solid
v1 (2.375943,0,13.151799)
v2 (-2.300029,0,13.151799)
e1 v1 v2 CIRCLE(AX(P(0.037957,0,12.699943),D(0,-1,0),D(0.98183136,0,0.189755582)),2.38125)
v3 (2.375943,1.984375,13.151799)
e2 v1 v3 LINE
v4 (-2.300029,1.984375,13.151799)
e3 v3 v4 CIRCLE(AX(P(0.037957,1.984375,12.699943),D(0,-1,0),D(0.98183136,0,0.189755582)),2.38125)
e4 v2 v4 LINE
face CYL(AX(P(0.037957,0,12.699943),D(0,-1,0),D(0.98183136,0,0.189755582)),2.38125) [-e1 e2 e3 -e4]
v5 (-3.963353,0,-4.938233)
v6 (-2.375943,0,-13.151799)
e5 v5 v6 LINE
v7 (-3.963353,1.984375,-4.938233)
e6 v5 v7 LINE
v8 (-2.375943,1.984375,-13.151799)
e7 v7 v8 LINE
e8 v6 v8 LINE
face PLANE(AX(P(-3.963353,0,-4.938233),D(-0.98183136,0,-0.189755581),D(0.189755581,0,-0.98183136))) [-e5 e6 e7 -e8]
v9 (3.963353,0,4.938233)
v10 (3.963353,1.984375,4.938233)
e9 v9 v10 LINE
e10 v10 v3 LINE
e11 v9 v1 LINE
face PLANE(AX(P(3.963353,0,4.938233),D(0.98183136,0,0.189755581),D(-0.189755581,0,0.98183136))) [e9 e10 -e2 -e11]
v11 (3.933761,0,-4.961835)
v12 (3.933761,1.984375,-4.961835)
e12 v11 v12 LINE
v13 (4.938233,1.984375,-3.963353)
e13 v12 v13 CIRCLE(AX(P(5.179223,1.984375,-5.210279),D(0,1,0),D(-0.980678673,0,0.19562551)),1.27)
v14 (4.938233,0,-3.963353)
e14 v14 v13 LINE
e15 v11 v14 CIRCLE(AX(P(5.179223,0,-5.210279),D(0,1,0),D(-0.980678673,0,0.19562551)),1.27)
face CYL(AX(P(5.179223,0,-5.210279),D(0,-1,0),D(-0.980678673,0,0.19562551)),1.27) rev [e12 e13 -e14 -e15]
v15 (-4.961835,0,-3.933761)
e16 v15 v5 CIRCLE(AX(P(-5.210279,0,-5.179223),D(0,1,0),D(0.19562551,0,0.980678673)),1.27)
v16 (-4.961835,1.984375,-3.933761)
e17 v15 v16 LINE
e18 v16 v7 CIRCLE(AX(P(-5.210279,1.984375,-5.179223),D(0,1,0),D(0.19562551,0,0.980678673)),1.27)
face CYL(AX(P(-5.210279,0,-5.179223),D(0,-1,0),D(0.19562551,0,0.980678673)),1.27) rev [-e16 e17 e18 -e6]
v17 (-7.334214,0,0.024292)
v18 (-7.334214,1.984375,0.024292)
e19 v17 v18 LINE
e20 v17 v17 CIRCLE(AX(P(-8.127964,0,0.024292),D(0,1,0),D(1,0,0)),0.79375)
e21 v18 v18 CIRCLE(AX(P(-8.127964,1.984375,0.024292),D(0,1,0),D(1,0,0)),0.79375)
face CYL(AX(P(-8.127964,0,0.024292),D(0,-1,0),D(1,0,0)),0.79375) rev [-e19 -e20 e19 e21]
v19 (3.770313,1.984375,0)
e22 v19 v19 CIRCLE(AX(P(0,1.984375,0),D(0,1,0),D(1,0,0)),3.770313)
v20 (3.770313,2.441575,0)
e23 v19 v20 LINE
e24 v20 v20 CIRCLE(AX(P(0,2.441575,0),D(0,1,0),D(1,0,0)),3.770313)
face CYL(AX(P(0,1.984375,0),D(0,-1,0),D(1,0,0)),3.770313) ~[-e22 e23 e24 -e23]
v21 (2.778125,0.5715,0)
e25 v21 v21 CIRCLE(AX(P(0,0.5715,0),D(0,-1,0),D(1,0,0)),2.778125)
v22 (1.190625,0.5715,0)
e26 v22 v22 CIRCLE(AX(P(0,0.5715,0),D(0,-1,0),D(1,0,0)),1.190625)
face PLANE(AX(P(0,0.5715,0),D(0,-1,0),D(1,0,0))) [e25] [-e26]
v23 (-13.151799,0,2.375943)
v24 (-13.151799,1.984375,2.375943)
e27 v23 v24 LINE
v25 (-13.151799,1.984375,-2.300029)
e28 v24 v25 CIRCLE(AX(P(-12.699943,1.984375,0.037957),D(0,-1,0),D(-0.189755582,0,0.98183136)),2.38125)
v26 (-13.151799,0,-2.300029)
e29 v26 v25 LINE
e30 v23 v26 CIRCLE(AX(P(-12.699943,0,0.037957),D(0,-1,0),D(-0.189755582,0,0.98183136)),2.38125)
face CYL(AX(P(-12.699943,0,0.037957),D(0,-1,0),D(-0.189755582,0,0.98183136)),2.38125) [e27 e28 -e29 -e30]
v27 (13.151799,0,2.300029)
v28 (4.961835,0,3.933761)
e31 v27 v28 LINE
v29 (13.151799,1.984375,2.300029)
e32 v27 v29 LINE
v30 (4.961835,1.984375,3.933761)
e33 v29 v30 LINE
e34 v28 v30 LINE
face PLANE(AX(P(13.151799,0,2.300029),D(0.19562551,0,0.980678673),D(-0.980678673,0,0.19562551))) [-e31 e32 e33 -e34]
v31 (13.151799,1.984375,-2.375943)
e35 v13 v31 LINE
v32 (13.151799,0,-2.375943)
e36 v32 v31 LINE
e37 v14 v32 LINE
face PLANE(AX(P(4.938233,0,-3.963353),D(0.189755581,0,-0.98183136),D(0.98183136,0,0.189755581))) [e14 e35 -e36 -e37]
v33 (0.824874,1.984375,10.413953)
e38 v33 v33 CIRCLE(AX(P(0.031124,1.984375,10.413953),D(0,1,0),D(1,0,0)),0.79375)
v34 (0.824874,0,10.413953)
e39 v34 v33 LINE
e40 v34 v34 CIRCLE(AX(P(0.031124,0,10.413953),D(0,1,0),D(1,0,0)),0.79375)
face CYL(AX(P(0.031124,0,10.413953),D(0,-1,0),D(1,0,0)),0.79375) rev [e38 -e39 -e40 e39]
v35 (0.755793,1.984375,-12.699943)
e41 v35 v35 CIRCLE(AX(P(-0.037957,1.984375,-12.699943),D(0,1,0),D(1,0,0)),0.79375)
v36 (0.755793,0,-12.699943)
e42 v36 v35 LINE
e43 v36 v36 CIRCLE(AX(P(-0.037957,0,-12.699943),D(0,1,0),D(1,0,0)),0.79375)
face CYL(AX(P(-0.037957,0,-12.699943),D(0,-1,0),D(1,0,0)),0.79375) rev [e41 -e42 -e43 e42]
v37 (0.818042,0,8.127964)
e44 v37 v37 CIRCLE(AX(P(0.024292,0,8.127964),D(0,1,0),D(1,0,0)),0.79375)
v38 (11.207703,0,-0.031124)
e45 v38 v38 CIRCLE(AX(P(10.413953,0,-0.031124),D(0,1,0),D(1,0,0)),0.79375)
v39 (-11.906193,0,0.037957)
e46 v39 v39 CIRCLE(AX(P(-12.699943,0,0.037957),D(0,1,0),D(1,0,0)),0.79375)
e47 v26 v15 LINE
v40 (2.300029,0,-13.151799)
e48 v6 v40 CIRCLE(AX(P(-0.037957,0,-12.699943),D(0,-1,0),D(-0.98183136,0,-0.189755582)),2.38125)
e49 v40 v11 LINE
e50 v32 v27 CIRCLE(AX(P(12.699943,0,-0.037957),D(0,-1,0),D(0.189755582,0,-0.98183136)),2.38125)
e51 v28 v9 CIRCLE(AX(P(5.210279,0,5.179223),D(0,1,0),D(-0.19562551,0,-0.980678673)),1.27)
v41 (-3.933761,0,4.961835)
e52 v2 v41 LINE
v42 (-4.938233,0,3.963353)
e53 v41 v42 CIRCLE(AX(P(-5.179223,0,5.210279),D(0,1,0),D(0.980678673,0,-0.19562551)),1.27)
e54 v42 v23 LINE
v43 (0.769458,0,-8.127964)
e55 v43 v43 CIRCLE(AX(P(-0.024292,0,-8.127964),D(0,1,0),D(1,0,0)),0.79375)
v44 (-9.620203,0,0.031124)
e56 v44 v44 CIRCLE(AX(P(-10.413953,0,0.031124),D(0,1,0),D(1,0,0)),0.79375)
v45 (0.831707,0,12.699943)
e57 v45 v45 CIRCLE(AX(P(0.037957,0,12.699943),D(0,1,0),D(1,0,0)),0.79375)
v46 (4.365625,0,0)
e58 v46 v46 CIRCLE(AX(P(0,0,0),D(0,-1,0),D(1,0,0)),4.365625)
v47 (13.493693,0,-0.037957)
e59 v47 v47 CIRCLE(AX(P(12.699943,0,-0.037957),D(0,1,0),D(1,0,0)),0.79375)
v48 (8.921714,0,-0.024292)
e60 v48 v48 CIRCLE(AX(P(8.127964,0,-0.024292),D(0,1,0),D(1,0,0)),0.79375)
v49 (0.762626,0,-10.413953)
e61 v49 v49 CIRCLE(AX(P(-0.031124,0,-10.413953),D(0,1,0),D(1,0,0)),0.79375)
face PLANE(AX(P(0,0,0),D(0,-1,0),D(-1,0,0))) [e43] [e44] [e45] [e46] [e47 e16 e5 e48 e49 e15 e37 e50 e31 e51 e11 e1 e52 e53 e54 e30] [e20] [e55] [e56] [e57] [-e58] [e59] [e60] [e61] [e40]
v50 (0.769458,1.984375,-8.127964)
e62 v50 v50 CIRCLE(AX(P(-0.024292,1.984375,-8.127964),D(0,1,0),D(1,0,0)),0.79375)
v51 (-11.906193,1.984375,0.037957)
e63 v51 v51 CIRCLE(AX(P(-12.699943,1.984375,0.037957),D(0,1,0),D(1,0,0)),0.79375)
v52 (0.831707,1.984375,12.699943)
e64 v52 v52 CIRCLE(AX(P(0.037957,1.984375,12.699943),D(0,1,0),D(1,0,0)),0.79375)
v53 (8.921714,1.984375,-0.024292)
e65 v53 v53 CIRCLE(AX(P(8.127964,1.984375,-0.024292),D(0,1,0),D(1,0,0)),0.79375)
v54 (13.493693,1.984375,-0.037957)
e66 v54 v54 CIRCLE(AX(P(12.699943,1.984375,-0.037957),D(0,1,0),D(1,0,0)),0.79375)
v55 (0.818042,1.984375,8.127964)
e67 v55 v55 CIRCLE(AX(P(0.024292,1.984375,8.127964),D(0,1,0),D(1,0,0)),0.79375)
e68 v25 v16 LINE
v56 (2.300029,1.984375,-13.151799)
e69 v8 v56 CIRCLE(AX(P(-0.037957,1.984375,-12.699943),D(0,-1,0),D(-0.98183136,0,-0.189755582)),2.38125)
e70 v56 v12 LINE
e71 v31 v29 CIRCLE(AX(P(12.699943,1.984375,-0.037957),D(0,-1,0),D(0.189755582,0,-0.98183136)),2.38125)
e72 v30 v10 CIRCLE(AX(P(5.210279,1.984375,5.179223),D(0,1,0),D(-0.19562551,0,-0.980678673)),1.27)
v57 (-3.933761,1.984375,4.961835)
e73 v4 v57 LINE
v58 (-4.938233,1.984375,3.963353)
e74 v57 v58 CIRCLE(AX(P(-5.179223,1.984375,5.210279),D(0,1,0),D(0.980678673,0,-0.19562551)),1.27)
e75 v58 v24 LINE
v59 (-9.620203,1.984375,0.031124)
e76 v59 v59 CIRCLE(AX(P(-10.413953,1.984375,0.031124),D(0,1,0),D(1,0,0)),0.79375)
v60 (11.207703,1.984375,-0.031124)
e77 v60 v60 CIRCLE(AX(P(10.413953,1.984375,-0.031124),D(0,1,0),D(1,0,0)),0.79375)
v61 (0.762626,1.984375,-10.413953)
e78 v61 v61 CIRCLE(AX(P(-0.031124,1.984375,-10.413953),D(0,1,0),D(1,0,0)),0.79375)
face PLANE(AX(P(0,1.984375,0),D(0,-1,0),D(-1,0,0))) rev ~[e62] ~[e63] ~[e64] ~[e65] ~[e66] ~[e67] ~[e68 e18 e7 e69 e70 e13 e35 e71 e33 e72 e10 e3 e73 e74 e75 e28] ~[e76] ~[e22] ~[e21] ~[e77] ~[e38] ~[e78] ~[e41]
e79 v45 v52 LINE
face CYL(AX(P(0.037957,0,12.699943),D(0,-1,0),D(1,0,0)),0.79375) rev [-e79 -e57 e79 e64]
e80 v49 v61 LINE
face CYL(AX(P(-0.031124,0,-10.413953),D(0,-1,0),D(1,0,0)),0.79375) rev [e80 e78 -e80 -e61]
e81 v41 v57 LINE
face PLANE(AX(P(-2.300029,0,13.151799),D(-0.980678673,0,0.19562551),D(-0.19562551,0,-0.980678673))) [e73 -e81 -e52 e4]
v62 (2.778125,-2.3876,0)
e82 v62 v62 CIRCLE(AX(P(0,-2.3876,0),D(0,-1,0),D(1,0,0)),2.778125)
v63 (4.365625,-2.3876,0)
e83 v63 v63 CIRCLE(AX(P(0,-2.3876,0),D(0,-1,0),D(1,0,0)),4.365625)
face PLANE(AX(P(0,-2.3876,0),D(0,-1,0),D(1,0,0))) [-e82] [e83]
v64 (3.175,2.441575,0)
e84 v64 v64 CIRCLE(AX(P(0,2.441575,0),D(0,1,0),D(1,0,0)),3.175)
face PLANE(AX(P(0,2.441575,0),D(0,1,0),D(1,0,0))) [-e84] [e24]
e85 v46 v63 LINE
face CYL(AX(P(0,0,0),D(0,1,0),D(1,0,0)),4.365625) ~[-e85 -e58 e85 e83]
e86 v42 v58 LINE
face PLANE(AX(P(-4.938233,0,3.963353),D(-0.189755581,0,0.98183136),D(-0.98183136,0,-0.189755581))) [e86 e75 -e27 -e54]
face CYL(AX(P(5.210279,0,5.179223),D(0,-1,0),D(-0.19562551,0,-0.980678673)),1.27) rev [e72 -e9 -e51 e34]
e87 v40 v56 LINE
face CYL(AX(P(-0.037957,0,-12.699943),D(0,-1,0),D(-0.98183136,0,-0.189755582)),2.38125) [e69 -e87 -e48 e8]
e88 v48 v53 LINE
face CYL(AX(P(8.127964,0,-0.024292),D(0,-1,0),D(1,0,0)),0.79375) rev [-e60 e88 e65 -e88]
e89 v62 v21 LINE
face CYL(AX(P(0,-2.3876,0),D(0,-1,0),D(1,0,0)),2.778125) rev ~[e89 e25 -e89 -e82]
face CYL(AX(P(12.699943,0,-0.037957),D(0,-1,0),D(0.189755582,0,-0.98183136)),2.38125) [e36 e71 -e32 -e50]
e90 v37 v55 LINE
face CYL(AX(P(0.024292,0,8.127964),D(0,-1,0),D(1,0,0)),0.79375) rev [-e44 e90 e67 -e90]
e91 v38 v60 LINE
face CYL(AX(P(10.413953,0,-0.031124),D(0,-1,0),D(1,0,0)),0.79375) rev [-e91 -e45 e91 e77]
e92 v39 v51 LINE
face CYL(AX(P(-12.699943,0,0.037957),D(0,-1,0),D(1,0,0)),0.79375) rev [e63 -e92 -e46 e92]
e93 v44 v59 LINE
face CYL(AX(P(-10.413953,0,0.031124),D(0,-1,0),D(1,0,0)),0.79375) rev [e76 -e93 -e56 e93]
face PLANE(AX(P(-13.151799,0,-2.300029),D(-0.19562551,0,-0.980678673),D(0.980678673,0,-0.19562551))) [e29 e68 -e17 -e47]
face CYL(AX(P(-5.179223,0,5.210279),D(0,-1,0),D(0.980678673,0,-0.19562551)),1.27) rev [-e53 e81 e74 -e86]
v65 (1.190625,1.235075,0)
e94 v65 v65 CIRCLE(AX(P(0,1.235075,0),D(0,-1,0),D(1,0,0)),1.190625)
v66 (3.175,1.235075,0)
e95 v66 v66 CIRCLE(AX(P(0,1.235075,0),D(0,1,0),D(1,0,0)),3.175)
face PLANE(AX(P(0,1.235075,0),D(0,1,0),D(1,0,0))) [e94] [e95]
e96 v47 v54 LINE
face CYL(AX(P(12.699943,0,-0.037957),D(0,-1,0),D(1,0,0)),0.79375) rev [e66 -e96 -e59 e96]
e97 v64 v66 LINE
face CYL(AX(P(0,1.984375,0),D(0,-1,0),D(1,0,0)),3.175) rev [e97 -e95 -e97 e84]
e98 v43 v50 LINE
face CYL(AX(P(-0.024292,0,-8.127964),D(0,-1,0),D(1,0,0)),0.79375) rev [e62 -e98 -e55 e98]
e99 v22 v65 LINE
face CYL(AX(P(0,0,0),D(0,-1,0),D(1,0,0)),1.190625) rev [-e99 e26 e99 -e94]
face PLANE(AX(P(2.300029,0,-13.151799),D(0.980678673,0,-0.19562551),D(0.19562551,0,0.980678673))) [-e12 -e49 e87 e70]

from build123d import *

# Parameters (mm, degrees)
SKETCH1_R           = 1.190625
SKETCH1_R_2         = 0.79375
BOSS_EXTRUDE1_DEPTH = 1.984375
SKETCH2_R           = 3.175
CUT_EXTRUDE1_DEPTH  = 0.7493
SKETCH3_R           = 4.365625
BOSS_EXTRUDE2_DEPTH = 2.3876
SKETCH4_R           = 2.778125
CUT_EXTRUDE2_DEPTH  = 2.9591
SKETCH5_R           = 3.7703125
SKETCH5_R_2         = 3.175
BOSS_EXTRUDE3_DEPTH = 0.4572


with BuildPart() as part:
    # Sketch1 → Boss-Extrude1 (new body)
    with BuildSketch(Plane(origin=(0, 0, 0), x_dir=(1, 0, 0), z_dir=(0, 1, 0))):
        with BuildLine():
            Line((-3.96335347, 4.938233395), (-2.375942501, 13.151798758))
            ThreePointArc((-2.375942501, 13.151798758), (-0.037956575, 15.081193279), (2.300029351, 13.151798758))
            Line((2.300029351, 13.151798758), (3.933761069, 4.9618349))
            ThreePointArc((3.933761069, 4.9618349), (4.283887399, 4.309571692), (4.938233395, 3.96335347))
            Line((4.938233395, 3.96335347), (13.151798758, 2.375942501))
            ThreePointArc((13.151798758, 2.375942501), (15.081193279, 0.037956575), (13.151798758, -2.300029351))
            Line((13.151798758, -2.300029351), (4.9618349, -3.933761069))
            ThreePointArc((4.9618349, -3.933761069), (4.309571692, -4.283887399), (3.96335347, -4.938233395))
            Line((3.96335347, -4.938233395), (2.375942501, -13.151798758))
            ThreePointArc((2.375942501, -13.151798758), (0.037956575, -15.081193279), (-2.300029351, -13.151798758))
            Line((-2.300029351, -13.151798758), (-3.933761069, -4.9618349))
            ThreePointArc((-3.933761069, -4.9618349), (-4.283887399, -4.309571692), (-4.938233395, -3.96335347))
            Line((-4.938233395, -3.96335347), (-13.151798758, -2.375942501))
            ThreePointArc((-13.151798758, -2.375942501), (-15.081193279, -0.037956575), (-13.151798758, 2.300029351))
            Line((-13.151798758, 2.300029351), (-4.9618349, 3.933761069))
            ThreePointArc((-4.9618349, 3.933761069), (-4.309571692, 4.283887399), (-3.96335347, 4.938233395))
        make_face()
        Circle(SKETCH1_R, mode=Mode.SUBTRACT)
        with Locations((-0.037956575, 12.699943279)):
            Circle(SKETCH1_R_2, mode=Mode.SUBTRACT)
        with Locations((-0.031124391, 10.413953489)):
            Circle(SKETCH1_R_2, mode=Mode.SUBTRACT)
        with Locations((-0.024292208, 8.127963699)):
            Circle(SKETCH1_R_2, mode=Mode.SUBTRACT)
        with Locations((12.699943279, 0.037956575)):
            Circle(SKETCH1_R_2, mode=Mode.SUBTRACT)
        with Locations((10.413953489, 0.031124391)):
            Circle(SKETCH1_R_2, mode=Mode.SUBTRACT)
        with Locations((8.127963699, 0.024292208)):
            Circle(SKETCH1_R_2, mode=Mode.SUBTRACT)
        with Locations((0.037956575, -12.699943279)):
            Circle(SKETCH1_R_2, mode=Mode.SUBTRACT)
        with Locations((0.031124391, -10.413953489)):
            Circle(SKETCH1_R_2, mode=Mode.SUBTRACT)
        with Locations((0.024292208, -8.127963699)):
            Circle(SKETCH1_R_2, mode=Mode.SUBTRACT)
        with Locations((-12.699943279, -0.037956575)):
            Circle(SKETCH1_R_2, mode=Mode.SUBTRACT)
        with Locations((-10.413953489, -0.031124391)):
            Circle(SKETCH1_R_2, mode=Mode.SUBTRACT)
        with Locations((-8.127963699, -0.024292208)):
            Circle(SKETCH1_R_2, mode=Mode.SUBTRACT)
    extrude(amount=BOSS_EXTRUDE1_DEPTH)

    # Sketch2 → Cut-Extrude1 (cut)
    with BuildSketch(Plane(origin=(0, 1.984375, 0), x_dir=(1, 0, 0), z_dir=(0, 1, 0))):
        Circle(SKETCH2_R)
    extrude(amount=-CUT_EXTRUDE1_DEPTH, mode=Mode.SUBTRACT)

    # Sketch3 → Boss-Extrude2 (add)
    with BuildSketch(Plane.XZ):
        Circle(SKETCH3_R)
    extrude(amount=BOSS_EXTRUDE2_DEPTH)

    # Sketch4 → Cut-Extrude2 (cut)
    with BuildSketch(Plane.XZ.offset(2.3876)):
        Circle(SKETCH4_R)
    extrude(amount=-CUT_EXTRUDE2_DEPTH, mode=Mode.SUBTRACT)

    # Sketch5 → Boss-Extrude3 (add)
    with BuildSketch(Plane(origin=(0, 1.984375, 0), x_dir=(1, 0, 0), z_dir=(0, 1, 0))):
        Circle(SKETCH5_R)
        Circle(SKETCH5_R_2, mode=Mode.SUBTRACT)
    extrude(amount=BOSS_EXTRUDE3_DEPTH)


solid = part.part
